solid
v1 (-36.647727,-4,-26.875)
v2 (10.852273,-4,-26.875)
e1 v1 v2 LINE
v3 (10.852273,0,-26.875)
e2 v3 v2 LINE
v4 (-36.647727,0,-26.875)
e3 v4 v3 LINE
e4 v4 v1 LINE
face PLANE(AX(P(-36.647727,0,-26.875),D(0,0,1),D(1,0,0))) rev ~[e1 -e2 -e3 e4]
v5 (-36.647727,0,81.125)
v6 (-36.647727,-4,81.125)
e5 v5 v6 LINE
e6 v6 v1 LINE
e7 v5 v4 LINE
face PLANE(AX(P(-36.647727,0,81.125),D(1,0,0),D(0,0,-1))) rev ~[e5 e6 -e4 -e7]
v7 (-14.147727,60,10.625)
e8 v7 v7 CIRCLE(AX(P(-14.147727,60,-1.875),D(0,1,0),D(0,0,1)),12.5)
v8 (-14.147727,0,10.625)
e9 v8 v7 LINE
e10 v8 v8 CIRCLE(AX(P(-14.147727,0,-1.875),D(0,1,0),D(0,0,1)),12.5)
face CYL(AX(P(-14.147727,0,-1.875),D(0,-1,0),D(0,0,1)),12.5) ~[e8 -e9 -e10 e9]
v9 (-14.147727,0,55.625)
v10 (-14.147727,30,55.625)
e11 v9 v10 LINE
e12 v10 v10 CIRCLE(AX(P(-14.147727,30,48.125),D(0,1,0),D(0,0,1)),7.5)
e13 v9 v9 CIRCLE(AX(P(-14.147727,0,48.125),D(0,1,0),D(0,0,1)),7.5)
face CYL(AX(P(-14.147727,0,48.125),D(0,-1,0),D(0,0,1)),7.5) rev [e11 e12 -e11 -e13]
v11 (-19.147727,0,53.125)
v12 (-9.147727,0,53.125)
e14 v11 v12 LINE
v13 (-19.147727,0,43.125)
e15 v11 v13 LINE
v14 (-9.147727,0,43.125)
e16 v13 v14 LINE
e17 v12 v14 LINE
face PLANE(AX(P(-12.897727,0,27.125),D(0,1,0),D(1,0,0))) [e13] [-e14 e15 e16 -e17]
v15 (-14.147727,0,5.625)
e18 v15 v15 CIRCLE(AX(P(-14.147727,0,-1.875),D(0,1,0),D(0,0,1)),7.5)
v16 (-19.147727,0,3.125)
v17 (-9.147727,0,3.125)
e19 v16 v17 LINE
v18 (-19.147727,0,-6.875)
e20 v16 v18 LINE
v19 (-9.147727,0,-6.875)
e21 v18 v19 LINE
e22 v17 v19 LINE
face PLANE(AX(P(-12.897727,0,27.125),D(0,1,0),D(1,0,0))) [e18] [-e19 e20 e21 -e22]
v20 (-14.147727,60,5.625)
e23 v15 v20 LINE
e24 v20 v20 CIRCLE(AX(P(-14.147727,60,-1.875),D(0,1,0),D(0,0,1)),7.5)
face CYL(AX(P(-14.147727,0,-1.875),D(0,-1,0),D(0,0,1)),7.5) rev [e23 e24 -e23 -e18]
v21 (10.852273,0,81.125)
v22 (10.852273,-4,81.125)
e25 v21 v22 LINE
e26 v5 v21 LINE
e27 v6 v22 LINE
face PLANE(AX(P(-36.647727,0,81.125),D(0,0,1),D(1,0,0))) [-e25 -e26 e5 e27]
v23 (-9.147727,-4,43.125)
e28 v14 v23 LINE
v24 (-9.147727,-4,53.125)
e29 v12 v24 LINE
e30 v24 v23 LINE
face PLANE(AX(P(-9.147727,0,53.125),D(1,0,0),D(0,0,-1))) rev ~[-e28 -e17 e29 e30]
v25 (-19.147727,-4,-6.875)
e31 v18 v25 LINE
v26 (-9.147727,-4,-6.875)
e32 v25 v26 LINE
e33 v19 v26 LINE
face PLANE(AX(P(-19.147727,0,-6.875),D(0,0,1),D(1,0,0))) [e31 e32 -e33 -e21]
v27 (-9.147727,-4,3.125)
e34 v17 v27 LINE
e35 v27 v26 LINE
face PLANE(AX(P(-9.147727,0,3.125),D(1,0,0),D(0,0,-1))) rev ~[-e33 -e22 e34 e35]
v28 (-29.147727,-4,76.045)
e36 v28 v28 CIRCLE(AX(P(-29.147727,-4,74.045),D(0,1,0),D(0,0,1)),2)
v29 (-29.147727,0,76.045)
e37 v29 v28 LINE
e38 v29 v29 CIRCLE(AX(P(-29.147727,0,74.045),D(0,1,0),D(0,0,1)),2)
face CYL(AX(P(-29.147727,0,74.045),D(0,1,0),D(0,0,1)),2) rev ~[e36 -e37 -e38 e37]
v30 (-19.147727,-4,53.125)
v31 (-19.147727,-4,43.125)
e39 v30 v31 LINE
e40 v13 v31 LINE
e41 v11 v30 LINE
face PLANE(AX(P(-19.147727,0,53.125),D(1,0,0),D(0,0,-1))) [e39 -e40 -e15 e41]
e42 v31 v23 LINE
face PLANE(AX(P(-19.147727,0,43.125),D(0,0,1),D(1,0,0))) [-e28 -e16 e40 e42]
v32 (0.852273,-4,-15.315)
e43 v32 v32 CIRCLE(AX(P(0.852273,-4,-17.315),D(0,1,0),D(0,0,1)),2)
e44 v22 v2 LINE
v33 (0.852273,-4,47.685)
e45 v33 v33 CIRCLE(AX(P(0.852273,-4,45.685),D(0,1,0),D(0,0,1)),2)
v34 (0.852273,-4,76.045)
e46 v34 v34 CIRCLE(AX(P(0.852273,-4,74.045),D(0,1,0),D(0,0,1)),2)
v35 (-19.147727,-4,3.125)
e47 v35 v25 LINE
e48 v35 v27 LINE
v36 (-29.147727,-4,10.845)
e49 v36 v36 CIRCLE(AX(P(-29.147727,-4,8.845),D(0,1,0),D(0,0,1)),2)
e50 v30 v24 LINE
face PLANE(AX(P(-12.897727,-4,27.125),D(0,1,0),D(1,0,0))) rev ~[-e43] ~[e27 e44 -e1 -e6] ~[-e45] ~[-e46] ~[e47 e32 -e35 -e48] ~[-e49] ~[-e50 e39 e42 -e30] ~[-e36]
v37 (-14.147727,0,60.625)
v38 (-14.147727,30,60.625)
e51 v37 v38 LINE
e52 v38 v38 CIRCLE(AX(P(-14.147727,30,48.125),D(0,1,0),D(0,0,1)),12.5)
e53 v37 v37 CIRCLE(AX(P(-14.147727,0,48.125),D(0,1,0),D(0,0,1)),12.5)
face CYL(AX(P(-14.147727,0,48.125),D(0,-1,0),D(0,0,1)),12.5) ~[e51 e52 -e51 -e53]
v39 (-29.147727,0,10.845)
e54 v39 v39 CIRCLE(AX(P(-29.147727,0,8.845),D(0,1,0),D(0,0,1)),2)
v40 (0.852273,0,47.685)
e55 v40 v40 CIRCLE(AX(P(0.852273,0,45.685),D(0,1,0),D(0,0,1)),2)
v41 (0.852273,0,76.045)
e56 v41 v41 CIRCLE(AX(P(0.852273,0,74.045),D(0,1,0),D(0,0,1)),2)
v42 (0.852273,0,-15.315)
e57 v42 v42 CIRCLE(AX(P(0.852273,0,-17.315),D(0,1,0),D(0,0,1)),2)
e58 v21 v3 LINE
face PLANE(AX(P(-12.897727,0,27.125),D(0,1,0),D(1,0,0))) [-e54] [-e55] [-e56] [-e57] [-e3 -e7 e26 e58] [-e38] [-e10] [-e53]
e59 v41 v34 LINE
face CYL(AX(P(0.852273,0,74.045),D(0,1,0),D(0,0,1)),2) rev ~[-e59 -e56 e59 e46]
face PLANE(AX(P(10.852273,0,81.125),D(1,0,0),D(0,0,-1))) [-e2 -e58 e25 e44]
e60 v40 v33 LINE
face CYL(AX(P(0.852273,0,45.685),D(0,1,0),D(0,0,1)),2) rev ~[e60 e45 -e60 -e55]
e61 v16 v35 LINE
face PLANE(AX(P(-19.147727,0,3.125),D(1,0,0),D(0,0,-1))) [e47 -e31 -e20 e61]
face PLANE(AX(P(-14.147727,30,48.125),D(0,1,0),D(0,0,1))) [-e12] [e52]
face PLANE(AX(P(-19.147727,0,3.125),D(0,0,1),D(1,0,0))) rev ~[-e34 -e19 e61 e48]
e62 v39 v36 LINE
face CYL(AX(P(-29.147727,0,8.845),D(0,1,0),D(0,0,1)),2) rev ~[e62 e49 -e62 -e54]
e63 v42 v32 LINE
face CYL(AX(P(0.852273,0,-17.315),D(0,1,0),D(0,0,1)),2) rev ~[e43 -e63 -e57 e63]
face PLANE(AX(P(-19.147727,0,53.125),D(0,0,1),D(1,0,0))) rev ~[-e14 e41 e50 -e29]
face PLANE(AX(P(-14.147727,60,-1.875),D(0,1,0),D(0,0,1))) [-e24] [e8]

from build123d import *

# Parameters (mm, degrees)
SKETCH1_W           = 47.5
SKETCH1_H           = 108
SKETCH1_R           = 2
SKETCH1_W_2         = 10
SKETCH1_H_2         = 10
BOSS_EXTRUDE1_DEPTH = 4
SKETCH2_R           = 12.5
SKETCH2_R_2         = 7.5
BOSS_EXTRUDE2_DEPTH = 30
SKETCH4_R           = 12.5
SKETCH4_R_2         = 7.5
BOSS_EXTRUDE3_DEPTH = 60


with BuildPart() as part:
    # Sketch1 → Boss-Extrude1 (new body)
    with BuildSketch(Plane(origin=(0, 0, 0), x_dir=(1, 0, 0), z_dir=(0, 1, 0))):
        with Locations((-12.897727273, -27.125)):
            Rectangle(SKETCH1_W, SKETCH1_H)
        with Locations(Location((0.852272727, 17.315, 0), (0, 0, 270))):
            Circle(SKETCH1_R, mode=Mode.SUBTRACT)
        with Locations(Location((-29.147727273, -8.845, 0), (0, 0, 270))):
            Circle(SKETCH1_R, mode=Mode.SUBTRACT)
        with Locations(Location((0.852272727, -45.685, 0), (0, 0, 270))):
            Circle(SKETCH1_R, mode=Mode.SUBTRACT)
        with Locations(Location((0.852272727, -74.045, 0), (0, 0, 270))):
            Circle(SKETCH1_R, mode=Mode.SUBTRACT)
        with Locations(Location((-29.147727273, -74.045, 0), (0, 0, 270))):
            Circle(SKETCH1_R, mode=Mode.SUBTRACT)
        with Locations((-14.147727273, 1.875)):
            Rectangle(SKETCH1_W_2, SKETCH1_H_2, mode=Mode.SUBTRACT)
        with Locations((-14.147727273, -48.125)):
            Rectangle(SKETCH1_W_2, SKETCH1_H_2, mode=Mode.SUBTRACT)
    extrude(amount=-BOSS_EXTRUDE1_DEPTH)

    # Sketch2 → Boss-Extrude2 (add)
    with BuildSketch(Plane(origin=(0, 0, 0), x_dir=(1, 0, 0), z_dir=(0, 1, 0))):
        with Locations(Location((-14.147727273, -48.125, 0), (0, 0, 270))):
            Circle(SKETCH2_R)
        with Locations(Location((-14.147727273, -48.125, 0), (0, 0, 270))):
            Circle(SKETCH2_R_2, mode=Mode.SUBTRACT)
    extrude(amount=BOSS_EXTRUDE2_DEPTH)

    # Sketch4 → Boss-Extrude3 (add)
    with BuildSketch(Plane(origin=(0, 0, 0), x_dir=(1, 0, 0), z_dir=(0, 1, 0))):
        with Locations(Location((-14.147727273, 1.875, 0), (0, 0, 270))):
            Circle(SKETCH4_R)
        with Locations(Location((-14.147727273, 1.875, 0), (0, 0, 270))):
            Circle(SKETCH4_R_2, mode=Mode.SUBTRACT)
    extrude(amount=BOSS_EXTRUDE3_DEPTH)


solid = part.part
